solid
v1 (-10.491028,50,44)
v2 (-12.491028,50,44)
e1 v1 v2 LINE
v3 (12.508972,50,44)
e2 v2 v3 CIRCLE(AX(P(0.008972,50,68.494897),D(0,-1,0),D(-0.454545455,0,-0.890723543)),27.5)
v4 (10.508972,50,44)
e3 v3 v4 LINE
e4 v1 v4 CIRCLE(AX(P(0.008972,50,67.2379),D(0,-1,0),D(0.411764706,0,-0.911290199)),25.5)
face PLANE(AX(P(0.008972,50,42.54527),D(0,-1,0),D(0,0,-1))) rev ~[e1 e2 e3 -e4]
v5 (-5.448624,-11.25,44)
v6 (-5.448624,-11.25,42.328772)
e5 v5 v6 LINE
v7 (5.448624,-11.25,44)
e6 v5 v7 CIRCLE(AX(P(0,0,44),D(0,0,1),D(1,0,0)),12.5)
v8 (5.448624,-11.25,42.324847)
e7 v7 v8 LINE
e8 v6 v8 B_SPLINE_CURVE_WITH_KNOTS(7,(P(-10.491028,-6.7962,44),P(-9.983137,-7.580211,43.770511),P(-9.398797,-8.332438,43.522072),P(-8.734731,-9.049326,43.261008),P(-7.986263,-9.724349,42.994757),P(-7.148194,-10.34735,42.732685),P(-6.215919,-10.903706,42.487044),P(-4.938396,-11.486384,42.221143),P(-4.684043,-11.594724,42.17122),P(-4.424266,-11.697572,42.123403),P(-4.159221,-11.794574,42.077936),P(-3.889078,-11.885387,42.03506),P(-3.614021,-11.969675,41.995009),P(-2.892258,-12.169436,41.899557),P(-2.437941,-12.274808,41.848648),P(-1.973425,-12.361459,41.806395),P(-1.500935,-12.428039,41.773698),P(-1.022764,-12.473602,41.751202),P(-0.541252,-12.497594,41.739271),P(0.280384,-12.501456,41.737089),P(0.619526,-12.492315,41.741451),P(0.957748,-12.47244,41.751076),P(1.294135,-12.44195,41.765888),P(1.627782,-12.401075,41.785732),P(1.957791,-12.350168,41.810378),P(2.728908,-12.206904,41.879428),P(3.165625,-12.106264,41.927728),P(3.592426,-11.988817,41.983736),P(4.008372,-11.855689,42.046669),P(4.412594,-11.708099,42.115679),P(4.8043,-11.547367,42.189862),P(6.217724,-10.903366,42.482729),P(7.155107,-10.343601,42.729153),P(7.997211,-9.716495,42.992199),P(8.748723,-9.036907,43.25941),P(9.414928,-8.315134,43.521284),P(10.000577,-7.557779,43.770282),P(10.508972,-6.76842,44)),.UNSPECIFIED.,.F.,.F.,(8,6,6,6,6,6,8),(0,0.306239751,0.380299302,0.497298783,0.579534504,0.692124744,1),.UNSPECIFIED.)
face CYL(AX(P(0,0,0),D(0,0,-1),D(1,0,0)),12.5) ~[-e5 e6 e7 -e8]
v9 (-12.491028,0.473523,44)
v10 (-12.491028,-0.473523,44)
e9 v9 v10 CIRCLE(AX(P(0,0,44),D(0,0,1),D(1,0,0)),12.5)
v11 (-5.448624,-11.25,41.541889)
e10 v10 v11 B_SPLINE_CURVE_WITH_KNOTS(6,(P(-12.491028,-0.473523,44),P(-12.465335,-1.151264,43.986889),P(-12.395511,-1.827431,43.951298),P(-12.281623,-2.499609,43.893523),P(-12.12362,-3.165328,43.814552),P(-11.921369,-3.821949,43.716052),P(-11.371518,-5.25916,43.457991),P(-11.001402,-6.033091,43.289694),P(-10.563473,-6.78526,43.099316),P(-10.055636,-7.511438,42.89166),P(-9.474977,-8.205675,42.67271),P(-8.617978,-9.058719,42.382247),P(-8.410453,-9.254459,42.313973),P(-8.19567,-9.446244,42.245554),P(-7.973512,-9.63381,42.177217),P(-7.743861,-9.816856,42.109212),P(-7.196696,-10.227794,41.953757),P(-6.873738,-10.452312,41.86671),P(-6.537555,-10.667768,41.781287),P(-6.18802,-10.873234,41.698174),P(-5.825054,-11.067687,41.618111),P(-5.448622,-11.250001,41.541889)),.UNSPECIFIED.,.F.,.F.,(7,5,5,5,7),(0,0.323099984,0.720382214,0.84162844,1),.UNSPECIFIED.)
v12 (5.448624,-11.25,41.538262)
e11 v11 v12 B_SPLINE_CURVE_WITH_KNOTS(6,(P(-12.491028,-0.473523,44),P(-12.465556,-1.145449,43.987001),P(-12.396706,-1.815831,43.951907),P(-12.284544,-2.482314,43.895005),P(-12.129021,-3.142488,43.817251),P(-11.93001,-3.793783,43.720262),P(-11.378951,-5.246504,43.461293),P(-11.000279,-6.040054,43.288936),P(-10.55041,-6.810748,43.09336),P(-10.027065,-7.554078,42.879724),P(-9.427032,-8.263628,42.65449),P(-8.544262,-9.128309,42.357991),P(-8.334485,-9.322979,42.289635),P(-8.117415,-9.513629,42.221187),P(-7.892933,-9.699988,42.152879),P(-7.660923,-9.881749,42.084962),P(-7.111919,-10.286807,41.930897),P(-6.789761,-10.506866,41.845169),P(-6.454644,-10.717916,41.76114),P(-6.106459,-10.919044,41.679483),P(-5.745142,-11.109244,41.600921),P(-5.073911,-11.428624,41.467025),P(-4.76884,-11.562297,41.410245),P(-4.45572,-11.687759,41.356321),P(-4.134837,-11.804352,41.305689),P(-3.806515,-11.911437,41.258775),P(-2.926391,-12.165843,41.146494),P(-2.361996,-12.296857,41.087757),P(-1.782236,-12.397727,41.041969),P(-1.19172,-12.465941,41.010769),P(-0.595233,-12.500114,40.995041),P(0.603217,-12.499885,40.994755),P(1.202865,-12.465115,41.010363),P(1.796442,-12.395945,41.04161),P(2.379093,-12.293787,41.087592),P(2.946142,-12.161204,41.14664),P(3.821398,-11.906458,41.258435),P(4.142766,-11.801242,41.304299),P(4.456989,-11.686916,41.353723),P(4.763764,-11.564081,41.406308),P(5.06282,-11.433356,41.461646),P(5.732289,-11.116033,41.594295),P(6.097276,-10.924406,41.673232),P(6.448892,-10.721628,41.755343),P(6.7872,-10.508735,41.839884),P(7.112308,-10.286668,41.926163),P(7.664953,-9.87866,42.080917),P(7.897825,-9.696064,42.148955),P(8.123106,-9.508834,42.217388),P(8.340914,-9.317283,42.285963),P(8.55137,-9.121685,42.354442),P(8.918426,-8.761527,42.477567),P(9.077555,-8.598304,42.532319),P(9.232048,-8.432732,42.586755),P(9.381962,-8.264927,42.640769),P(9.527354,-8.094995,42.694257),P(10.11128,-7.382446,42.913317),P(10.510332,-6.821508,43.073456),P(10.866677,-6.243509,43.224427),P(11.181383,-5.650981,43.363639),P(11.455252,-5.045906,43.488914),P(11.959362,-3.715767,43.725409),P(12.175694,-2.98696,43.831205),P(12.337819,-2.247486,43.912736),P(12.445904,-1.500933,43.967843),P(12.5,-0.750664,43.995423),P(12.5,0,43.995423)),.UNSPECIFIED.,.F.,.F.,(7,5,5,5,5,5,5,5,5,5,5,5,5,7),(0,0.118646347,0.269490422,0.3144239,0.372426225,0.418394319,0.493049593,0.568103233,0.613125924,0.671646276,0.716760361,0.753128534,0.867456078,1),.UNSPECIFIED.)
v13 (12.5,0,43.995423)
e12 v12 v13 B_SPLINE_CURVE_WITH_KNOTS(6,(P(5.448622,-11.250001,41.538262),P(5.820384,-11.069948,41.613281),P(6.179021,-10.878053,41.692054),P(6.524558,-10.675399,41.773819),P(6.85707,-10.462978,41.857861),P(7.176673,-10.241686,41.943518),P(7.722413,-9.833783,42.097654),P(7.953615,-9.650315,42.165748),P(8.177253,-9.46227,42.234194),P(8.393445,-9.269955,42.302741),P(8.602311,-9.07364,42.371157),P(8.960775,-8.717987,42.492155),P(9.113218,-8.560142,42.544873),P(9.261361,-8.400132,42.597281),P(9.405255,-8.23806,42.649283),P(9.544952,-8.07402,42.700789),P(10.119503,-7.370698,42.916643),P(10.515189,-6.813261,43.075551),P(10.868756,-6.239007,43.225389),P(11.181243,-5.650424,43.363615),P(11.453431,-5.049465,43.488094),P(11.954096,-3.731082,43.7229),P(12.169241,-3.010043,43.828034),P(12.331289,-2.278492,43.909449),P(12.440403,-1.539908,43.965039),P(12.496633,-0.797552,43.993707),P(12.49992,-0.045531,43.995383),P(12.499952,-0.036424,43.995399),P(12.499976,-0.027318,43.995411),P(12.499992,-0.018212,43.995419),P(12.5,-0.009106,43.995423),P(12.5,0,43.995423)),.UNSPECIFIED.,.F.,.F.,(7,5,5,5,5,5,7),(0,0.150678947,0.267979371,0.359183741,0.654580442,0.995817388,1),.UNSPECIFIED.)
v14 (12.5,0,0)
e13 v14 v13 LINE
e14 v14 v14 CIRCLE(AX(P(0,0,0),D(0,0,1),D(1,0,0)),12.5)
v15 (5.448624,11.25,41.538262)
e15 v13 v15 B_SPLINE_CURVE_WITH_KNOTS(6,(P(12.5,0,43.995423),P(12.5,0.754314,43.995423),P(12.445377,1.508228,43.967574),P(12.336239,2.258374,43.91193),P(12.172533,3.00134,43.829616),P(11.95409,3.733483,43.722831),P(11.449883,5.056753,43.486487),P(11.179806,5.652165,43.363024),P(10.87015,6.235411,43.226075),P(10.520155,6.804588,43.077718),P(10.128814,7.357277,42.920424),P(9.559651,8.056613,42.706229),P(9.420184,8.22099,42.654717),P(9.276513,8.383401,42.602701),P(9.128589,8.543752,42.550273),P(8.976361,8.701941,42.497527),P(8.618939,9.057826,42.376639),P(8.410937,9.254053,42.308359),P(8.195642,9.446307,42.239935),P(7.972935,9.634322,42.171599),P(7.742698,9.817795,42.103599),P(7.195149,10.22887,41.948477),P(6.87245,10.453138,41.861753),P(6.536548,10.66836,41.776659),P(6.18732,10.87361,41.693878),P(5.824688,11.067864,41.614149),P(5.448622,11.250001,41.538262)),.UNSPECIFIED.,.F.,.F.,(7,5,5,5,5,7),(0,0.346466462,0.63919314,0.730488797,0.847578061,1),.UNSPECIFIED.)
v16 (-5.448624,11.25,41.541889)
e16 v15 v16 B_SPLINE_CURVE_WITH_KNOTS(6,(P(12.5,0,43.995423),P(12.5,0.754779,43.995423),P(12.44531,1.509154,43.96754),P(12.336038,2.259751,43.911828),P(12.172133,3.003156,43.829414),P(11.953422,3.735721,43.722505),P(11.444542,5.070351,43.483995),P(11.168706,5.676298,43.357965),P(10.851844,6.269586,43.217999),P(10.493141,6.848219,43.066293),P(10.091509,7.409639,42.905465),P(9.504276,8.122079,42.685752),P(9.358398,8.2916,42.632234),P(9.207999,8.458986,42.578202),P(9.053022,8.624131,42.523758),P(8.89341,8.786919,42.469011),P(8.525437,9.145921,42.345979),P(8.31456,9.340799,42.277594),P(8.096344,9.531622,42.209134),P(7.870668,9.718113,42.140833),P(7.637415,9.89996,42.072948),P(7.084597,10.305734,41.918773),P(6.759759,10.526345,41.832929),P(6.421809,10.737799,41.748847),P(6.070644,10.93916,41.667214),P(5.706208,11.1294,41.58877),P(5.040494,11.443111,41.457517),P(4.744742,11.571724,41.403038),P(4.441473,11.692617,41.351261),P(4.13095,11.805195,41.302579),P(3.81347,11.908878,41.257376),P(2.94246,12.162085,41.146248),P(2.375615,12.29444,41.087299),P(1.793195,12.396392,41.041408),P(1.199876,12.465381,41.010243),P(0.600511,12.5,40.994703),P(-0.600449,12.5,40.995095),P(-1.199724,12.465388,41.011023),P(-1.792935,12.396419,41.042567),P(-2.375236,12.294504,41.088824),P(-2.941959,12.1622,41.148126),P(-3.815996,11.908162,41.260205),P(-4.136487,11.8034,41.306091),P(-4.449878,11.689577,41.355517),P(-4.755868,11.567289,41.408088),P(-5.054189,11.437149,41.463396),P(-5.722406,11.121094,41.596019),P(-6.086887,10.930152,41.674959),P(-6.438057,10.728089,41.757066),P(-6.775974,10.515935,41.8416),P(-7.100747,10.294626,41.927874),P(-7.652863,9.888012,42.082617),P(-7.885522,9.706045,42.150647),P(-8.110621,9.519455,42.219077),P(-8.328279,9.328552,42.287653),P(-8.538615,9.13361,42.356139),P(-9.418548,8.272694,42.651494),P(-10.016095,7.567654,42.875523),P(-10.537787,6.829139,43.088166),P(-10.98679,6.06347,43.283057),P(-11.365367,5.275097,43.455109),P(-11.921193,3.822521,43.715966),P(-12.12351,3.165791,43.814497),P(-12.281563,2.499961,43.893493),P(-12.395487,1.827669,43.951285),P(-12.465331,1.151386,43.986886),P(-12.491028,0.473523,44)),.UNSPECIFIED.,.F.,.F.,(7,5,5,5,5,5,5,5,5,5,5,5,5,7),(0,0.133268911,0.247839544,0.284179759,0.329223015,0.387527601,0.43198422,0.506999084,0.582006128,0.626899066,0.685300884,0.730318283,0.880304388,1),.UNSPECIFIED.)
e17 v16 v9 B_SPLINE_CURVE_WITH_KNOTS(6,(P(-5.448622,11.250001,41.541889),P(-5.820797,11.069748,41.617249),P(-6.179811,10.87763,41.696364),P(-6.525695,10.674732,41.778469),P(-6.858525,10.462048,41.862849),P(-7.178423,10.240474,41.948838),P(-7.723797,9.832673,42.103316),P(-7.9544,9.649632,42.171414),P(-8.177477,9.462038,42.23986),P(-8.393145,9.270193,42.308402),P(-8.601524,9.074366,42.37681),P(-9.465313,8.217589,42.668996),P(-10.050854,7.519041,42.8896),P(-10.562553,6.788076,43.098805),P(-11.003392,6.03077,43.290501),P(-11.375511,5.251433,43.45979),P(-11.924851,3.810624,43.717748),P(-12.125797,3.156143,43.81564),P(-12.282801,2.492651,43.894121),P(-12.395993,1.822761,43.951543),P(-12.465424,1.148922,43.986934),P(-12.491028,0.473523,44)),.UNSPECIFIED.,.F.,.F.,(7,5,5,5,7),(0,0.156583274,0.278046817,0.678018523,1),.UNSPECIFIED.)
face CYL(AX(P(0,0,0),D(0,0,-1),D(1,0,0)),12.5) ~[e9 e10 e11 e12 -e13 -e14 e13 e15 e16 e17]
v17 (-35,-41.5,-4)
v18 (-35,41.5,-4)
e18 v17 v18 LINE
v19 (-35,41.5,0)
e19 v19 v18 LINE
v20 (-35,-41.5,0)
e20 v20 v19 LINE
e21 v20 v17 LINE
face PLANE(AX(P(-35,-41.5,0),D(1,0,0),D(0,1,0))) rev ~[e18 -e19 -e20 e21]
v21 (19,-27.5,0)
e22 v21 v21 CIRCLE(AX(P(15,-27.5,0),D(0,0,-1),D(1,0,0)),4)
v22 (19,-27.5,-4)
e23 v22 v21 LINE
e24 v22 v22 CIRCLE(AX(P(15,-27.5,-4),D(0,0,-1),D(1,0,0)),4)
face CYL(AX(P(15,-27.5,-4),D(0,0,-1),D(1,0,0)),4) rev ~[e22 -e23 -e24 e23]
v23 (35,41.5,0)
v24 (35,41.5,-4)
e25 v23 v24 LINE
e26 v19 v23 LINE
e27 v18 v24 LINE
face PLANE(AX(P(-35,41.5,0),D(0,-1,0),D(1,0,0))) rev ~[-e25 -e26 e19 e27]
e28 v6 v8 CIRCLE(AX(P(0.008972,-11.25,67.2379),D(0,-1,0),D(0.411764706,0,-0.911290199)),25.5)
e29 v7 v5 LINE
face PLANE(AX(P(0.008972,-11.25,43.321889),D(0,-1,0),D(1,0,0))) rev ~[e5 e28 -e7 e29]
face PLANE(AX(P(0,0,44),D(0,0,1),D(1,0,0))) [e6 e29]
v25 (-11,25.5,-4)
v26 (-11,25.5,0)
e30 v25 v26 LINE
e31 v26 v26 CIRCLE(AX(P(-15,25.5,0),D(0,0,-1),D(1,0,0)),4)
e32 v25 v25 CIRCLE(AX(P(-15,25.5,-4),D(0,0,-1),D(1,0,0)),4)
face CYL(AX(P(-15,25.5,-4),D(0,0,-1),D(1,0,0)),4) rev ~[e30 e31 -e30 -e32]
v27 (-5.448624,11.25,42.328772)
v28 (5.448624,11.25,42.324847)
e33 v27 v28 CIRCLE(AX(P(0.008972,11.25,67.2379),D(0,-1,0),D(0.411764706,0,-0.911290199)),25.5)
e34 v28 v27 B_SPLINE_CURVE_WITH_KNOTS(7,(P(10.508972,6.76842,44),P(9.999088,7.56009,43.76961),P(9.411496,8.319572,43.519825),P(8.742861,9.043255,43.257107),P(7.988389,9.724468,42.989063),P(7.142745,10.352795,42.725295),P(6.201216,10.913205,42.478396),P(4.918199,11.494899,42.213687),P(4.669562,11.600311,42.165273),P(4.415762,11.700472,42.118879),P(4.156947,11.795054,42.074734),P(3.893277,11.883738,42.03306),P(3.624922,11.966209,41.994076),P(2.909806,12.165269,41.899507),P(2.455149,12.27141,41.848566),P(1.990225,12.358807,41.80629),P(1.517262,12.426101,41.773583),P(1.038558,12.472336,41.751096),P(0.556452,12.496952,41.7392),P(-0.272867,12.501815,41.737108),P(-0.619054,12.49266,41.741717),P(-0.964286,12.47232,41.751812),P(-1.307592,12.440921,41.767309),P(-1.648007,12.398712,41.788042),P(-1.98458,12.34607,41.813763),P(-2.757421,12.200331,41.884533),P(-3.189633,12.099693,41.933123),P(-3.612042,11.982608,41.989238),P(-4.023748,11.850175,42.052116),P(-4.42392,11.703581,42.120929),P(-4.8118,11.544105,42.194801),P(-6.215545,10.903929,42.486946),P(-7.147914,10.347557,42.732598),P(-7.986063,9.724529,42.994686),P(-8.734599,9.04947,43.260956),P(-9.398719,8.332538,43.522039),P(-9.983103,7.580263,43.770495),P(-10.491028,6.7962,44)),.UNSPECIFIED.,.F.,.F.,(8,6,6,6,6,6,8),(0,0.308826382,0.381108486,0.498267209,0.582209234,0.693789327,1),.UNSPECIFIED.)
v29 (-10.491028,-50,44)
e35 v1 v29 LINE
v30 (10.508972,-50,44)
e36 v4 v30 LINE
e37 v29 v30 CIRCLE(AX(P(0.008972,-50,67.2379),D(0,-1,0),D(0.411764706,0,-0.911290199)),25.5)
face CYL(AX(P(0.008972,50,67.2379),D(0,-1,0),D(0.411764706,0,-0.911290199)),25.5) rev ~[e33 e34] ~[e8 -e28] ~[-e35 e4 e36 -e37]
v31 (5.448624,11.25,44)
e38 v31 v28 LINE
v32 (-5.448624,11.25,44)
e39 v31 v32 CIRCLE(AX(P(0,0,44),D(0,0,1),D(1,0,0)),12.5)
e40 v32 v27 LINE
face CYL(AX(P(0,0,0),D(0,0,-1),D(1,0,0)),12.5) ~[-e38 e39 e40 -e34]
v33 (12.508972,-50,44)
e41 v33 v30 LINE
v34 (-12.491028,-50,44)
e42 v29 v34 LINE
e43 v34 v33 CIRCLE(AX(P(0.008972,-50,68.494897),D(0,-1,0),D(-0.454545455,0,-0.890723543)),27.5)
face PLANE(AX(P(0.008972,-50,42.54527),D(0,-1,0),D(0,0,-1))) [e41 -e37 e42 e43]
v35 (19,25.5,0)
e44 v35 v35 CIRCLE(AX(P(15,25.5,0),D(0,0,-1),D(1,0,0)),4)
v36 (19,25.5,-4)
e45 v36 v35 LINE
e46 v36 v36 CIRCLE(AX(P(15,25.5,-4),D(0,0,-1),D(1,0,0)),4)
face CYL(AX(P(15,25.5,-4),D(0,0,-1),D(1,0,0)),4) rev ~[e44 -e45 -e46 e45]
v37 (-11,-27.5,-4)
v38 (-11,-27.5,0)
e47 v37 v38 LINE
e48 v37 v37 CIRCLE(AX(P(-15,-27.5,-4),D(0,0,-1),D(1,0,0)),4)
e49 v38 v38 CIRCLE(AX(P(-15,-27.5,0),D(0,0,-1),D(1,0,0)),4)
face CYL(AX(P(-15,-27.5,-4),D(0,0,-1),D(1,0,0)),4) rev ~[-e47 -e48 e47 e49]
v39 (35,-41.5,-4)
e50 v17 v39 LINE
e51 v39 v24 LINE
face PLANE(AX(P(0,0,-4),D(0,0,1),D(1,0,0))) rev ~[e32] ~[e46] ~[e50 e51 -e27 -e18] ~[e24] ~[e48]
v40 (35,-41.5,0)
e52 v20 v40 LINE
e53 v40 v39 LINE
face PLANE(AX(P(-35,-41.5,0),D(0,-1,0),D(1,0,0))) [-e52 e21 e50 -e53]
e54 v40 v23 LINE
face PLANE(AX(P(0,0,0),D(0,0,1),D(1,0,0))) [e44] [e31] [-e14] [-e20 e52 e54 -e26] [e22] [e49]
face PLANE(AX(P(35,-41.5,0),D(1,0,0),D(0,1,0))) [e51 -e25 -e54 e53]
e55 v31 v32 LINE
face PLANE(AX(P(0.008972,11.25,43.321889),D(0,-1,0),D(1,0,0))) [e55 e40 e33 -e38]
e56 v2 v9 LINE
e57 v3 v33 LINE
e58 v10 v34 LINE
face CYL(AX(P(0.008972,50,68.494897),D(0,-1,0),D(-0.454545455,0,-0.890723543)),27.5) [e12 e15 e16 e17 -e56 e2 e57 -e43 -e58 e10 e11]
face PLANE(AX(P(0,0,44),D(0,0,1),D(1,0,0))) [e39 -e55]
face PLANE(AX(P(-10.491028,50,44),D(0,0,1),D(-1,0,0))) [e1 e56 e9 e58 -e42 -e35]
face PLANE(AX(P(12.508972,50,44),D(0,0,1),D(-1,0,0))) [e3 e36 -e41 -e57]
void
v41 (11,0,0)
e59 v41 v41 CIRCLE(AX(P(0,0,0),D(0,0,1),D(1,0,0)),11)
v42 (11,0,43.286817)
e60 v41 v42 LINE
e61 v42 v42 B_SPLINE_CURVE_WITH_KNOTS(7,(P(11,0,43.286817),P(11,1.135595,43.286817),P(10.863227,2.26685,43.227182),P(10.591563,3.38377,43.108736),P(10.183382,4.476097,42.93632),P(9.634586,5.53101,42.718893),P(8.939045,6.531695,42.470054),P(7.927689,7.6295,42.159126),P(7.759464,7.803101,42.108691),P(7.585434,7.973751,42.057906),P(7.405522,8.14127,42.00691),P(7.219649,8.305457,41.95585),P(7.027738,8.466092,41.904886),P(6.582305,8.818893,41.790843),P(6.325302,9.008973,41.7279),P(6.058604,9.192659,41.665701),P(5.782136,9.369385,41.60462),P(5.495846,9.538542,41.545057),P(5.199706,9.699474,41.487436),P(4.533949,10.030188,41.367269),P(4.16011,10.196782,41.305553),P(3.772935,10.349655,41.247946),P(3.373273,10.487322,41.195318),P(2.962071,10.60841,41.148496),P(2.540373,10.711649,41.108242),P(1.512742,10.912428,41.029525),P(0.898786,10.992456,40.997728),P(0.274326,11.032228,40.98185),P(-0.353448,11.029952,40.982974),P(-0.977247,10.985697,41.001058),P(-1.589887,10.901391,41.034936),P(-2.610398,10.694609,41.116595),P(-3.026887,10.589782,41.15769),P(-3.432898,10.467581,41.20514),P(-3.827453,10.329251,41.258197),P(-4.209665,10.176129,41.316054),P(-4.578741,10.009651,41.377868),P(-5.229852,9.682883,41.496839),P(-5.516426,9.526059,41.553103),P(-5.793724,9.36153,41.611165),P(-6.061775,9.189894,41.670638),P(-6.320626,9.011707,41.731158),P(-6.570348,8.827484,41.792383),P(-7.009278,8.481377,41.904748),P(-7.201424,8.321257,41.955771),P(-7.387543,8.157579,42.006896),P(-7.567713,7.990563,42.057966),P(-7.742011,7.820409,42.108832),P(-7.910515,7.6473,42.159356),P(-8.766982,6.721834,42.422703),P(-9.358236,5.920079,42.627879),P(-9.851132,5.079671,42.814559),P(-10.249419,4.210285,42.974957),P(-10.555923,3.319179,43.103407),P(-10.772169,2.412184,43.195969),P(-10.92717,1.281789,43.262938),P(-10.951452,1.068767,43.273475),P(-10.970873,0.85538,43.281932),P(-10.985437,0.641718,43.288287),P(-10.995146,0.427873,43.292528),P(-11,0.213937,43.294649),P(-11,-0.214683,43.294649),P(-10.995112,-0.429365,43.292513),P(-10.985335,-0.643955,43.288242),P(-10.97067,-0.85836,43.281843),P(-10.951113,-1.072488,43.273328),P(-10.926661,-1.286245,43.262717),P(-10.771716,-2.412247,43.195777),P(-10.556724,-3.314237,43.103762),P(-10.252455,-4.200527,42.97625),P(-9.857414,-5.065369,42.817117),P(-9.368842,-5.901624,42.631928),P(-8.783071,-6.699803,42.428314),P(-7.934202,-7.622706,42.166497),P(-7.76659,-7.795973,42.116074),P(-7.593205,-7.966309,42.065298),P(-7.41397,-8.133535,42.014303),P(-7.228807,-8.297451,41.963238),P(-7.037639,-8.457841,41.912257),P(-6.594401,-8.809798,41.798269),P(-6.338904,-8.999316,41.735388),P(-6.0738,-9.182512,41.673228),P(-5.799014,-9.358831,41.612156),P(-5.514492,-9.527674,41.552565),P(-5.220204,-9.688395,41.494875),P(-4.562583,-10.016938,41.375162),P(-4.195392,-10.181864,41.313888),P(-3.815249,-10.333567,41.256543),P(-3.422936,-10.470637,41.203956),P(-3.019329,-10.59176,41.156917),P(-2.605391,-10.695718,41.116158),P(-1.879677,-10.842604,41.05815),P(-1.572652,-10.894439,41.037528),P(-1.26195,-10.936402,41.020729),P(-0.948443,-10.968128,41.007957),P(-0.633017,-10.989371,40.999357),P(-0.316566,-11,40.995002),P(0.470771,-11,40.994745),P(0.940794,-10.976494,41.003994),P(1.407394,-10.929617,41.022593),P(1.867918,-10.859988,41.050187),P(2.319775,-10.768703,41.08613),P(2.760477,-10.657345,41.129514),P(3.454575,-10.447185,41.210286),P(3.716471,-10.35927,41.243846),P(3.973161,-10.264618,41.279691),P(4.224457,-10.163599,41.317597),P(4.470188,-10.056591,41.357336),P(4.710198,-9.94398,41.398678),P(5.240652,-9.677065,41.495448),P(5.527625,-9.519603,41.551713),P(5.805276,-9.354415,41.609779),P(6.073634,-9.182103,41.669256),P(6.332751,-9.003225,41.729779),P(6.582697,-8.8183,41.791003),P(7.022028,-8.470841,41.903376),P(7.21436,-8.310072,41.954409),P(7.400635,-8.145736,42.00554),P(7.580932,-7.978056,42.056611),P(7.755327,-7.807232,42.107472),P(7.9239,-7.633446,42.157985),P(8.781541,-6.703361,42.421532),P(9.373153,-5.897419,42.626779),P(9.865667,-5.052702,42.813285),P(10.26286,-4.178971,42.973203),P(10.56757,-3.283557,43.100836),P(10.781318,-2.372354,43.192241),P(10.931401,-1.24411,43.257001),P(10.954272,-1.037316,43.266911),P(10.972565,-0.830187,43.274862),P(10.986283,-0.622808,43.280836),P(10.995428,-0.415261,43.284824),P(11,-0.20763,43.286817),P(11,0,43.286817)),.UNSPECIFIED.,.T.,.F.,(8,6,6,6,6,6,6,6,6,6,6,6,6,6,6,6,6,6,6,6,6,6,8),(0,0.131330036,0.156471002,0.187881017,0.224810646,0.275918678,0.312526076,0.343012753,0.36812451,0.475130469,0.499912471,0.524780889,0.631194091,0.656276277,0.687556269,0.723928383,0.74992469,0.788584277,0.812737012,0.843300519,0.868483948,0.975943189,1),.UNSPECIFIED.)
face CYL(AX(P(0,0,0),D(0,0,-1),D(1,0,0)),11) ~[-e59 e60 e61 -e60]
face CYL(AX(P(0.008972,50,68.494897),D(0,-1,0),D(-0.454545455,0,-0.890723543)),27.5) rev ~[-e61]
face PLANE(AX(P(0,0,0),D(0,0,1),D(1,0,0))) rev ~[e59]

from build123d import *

# Parameters (mm, degrees)
F0_W     = 70
F0_H     = 83
F1_DEPTH = 4
F2_R     = 12.5
F2_R_2   = 11
F3_DEPTH = 44
F5_DEPTH = 11.25
F6_R     = 4
F7_DEPTH = 25


with BuildPart() as f1:
    # F0 (on Top) → F1 (new body)
    with BuildSketch(Plane.XY):
        Rectangle(F0_W, F0_H)
    extrude(amount=-F1_DEPTH)

    # F2 (on face) → F3 (join)
    with BuildSketch(Plane.XY):
        Circle(F2_R)
        Circle(F2_R_2, mode=Mode.SUBTRACT)
    extrude(amount=F3_DEPTH)

    # F4 (on Front) → F5 (cut, symmetric)
    with BuildSketch(Plane.XZ):
        with BuildLine():
            Line((10.5089721754, 44), (-10.4910278246, 44))
            ThreePointArc((-10.4910278246, 44), (0.0089721754, 41.7379000772), (10.5089721754, 44))
        make_face()
        with BuildLine():
            Line((-10.4910278246, 44), (-12.4910278246, 44))
            ThreePointArc((-12.4910278246, 44), (0.0089721754, 40.9948974278), (12.5089721754, 44))
            Line((12.5089721754, 44), (10.5089721754, 44))
            ThreePointArc((10.5089721754, 44), (0.0089721754, 41.7379000772), (-10.4910278246, 44))
        make_face()
    extrude(amount=F5_DEPTH, both=True, mode=Mode.SUBTRACT)

    # F6 (on face) → F7 (cut)
    with BuildSketch(Plane(origin=(0, 0, -4), x_dir=(1, 0, 0), z_dir=(0, 0, -1))):
        with Locations((-15, 27.5)):
            Circle(F6_R)
        with Locations((15, 27.5)):
            Circle(F6_R)
        with Locations((15, -25.5)):
            Circle(F6_R)
        with Locations((-15, -25.5)):
            Circle(F6_R)
    extrude(amount=-F7_DEPTH, mode=Mode.SUBTRACT)

    # F9: sweep along a path in F8
    with BuildLine(Plane.YZ) as f9_path:
        Line((50, 37), (-50, 37))
    # F4 (on Front) → F9 (sweep)
    with BuildSketch(Plane.XZ):
        with BuildLine():
            Line((-10.4910278246, 44), (-12.4910278246, 44))
            ThreePointArc((-12.4910278246, 44), (0.0089721754, 40.9948974278), (12.5089721754, 44))
            Line((12.5089721754, 44), (10.5089721754, 44))
            ThreePointArc((10.5089721754, 44), (0.0089721754, 41.7379000772), (-10.4910278246, 44))
        make_face()
    sweep(path=f9_path.line)


solid = f1.part
